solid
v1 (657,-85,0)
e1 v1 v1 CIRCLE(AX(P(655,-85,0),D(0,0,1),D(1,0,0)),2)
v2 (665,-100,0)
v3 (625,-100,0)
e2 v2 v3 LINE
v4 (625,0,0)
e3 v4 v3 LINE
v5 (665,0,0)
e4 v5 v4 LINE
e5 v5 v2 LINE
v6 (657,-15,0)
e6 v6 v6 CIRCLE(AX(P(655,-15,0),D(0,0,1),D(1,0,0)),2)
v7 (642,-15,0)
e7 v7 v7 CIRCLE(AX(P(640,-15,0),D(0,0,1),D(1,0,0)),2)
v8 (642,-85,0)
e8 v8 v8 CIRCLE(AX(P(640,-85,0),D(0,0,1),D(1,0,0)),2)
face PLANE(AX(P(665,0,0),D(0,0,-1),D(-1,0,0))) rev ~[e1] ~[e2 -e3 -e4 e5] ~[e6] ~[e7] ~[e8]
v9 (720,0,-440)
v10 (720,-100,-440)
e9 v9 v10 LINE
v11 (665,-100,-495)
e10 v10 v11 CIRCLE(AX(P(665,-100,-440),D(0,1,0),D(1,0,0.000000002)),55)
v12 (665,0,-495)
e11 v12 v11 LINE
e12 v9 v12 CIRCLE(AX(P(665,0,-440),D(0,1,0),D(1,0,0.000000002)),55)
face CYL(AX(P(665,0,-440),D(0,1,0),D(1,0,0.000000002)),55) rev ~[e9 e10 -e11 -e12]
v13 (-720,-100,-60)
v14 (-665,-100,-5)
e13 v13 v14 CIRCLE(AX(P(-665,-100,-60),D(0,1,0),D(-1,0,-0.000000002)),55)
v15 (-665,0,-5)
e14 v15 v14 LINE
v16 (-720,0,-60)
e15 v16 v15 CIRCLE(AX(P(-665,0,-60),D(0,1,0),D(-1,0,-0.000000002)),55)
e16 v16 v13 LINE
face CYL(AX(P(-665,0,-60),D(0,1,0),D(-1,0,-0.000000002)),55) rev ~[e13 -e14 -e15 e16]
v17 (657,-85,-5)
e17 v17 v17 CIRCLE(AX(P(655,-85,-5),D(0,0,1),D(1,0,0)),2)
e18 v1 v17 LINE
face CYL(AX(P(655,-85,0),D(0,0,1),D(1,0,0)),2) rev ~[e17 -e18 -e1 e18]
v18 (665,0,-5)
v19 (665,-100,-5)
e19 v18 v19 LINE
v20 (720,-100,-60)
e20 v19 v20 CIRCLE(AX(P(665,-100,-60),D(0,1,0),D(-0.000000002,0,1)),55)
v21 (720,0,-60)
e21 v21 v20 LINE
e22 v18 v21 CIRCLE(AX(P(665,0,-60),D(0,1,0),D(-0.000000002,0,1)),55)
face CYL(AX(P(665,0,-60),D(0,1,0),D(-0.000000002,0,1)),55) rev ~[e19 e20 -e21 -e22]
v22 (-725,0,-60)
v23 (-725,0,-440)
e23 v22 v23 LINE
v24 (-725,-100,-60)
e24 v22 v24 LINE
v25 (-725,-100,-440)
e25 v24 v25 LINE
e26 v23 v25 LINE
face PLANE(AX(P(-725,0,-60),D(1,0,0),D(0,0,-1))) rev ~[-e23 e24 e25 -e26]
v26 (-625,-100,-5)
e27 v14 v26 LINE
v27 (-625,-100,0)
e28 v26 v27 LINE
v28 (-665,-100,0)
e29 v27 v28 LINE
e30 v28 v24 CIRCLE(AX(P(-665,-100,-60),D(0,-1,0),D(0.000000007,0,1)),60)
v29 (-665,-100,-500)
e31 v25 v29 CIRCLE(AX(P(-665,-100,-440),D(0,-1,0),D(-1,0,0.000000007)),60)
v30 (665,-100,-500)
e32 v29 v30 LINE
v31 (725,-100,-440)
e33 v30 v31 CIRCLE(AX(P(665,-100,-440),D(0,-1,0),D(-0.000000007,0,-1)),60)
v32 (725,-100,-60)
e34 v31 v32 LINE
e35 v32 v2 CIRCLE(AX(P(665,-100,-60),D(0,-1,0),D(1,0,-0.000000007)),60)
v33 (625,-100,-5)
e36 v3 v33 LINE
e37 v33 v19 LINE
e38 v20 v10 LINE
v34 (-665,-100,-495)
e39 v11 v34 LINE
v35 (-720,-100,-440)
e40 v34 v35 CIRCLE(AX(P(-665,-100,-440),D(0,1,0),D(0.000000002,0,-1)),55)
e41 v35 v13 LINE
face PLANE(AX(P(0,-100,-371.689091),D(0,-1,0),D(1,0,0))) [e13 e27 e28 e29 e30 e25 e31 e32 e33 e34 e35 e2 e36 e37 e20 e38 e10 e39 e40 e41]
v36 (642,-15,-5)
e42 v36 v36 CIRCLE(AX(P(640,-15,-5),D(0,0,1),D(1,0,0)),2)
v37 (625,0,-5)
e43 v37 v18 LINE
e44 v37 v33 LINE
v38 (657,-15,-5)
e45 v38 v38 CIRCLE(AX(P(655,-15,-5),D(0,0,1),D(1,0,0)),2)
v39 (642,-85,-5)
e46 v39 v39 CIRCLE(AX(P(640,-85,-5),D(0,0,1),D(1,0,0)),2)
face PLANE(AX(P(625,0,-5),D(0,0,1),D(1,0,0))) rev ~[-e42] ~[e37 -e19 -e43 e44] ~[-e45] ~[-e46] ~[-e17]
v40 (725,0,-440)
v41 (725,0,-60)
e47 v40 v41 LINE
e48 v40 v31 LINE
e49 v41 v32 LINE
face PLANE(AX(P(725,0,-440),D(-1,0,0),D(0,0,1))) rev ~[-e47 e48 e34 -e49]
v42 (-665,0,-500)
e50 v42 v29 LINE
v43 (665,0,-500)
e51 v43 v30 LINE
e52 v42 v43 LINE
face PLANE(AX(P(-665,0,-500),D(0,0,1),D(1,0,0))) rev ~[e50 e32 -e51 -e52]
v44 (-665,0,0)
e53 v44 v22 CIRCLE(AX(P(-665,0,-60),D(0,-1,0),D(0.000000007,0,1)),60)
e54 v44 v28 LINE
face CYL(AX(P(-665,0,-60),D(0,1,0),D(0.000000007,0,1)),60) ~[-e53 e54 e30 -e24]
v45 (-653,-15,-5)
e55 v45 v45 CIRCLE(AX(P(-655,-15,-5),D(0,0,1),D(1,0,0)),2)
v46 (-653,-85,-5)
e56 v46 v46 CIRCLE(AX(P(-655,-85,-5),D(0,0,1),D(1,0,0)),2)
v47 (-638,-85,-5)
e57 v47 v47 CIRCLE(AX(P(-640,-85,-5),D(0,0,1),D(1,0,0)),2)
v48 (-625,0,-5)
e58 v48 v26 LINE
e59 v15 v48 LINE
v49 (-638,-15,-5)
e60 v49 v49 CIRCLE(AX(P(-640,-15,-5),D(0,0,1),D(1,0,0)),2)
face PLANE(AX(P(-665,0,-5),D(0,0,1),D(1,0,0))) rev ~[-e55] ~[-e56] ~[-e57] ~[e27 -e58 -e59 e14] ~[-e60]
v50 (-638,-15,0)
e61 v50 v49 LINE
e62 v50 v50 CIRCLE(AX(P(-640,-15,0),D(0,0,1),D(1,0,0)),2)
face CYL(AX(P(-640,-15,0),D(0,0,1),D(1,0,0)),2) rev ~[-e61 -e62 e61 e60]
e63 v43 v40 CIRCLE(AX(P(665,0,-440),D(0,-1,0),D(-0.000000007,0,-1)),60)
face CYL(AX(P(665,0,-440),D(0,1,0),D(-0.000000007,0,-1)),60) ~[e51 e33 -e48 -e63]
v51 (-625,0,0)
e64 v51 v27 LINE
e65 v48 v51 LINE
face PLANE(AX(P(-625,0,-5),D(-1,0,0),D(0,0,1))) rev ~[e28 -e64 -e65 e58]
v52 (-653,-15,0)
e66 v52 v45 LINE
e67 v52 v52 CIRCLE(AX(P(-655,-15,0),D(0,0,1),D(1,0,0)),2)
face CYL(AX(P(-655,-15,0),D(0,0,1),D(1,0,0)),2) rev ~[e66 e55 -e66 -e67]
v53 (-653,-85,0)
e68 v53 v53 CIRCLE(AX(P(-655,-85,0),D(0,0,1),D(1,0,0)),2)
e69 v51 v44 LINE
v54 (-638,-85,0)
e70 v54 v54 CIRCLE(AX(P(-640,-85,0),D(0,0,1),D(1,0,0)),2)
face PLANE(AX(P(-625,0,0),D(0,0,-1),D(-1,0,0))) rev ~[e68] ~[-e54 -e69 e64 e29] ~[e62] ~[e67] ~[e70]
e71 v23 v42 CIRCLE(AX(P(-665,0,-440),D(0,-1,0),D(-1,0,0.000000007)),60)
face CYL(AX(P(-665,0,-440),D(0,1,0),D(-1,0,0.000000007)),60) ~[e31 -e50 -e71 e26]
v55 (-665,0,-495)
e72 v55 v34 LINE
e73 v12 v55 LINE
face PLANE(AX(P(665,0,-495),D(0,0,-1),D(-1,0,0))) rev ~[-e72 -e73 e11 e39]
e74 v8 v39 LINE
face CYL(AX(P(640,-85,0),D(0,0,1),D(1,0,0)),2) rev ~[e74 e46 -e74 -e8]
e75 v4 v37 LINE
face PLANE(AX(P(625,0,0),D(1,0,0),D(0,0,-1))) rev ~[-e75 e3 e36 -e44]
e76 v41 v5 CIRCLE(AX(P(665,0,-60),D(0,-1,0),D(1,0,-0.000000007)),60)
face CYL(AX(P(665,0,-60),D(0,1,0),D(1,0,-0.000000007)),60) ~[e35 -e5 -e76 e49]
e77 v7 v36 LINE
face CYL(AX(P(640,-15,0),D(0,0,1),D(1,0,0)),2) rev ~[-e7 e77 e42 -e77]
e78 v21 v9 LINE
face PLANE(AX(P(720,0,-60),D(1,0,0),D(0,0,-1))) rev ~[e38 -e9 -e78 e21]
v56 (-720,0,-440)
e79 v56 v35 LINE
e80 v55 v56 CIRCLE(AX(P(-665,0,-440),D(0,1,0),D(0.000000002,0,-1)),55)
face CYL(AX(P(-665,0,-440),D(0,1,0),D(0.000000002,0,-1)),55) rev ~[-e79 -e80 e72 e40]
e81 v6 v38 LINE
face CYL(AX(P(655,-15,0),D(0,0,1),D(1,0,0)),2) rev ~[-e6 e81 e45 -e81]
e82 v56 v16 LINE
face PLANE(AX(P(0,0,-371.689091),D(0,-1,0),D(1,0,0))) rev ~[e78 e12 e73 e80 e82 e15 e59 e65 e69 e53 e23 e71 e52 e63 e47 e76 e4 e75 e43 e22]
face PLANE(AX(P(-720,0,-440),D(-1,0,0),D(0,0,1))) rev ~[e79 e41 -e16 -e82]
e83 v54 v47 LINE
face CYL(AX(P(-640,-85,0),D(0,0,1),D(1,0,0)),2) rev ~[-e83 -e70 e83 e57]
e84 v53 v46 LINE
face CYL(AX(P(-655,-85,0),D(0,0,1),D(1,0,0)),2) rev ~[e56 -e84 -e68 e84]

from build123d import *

# Parameters (mm, degrees)
F1_DEPTH = 100
F2_R     = 2
F3_DEPTH = 5


with BuildPart() as f1:
    # F0 (on Front) → F1 (new body)
    with BuildSketch(Plane.XZ):
        with BuildLine():
            Line((725, -440), (725, -60))
            ThreePointArc((725, -60), (707.426407, -17.573593), (665, 0))
            Line((665, 0), (625, 0))
            Line((625, 0), (625, -5))
            Line((625, -5), (665, -5))
            ThreePointArc((665, -5), (703.890873, -21.109127), (720, -60))
            Line((720, -60), (720, -440))
            ThreePointArc((720, -440), (703.890873, -478.890873), (665, -495))
            Line((665, -495), (-665, -495))
            ThreePointArc((-665, -495), (-703.890873, -478.890873), (-720, -440))
            Line((-720, -440), (-720, -60))
            ThreePointArc((-720, -60), (-703.890873, -21.109127), (-665, -5))
            Line((-665, -5), (-625, -5))
            Line((-625, -5), (-625, 0))
            Line((-625, 0), (-665, 0))
            ThreePointArc((-665, 0), (-707.426407, -17.573593), (-725, -60))
            Line((-725, -60), (-725, -440))
            ThreePointArc((-725, -440), (-707.426407, -482.426407), (-665, -500))
            Line((-665, -500), (665, -500))
            ThreePointArc((665, -500), (707.426407, -482.426407), (725, -440))
        make_face()
    extrude(amount=F1_DEPTH)

    # F2 (on face) → F3 (cut, through all)
    with BuildSketch(Plane.XY):
        with Locations((-655, -85)):
            Circle(F2_R)
        with Locations((-640, -85)):
            Circle(F2_R)
        with Locations((-655, -15)):
            Circle(F2_R)
        with Locations((-640, -15)):
            Circle(F2_R)
        with Locations((640, -15)):
            Circle(F2_R)
        with Locations((655, -15)):
            Circle(F2_R)
        with Locations((655, -85)):
            Circle(F2_R)
        with Locations((640, -85)):
            Circle(F2_R)
    extrude(amount=-F3_DEPTH, mode=Mode.SUBTRACT)


solid = f1.part
